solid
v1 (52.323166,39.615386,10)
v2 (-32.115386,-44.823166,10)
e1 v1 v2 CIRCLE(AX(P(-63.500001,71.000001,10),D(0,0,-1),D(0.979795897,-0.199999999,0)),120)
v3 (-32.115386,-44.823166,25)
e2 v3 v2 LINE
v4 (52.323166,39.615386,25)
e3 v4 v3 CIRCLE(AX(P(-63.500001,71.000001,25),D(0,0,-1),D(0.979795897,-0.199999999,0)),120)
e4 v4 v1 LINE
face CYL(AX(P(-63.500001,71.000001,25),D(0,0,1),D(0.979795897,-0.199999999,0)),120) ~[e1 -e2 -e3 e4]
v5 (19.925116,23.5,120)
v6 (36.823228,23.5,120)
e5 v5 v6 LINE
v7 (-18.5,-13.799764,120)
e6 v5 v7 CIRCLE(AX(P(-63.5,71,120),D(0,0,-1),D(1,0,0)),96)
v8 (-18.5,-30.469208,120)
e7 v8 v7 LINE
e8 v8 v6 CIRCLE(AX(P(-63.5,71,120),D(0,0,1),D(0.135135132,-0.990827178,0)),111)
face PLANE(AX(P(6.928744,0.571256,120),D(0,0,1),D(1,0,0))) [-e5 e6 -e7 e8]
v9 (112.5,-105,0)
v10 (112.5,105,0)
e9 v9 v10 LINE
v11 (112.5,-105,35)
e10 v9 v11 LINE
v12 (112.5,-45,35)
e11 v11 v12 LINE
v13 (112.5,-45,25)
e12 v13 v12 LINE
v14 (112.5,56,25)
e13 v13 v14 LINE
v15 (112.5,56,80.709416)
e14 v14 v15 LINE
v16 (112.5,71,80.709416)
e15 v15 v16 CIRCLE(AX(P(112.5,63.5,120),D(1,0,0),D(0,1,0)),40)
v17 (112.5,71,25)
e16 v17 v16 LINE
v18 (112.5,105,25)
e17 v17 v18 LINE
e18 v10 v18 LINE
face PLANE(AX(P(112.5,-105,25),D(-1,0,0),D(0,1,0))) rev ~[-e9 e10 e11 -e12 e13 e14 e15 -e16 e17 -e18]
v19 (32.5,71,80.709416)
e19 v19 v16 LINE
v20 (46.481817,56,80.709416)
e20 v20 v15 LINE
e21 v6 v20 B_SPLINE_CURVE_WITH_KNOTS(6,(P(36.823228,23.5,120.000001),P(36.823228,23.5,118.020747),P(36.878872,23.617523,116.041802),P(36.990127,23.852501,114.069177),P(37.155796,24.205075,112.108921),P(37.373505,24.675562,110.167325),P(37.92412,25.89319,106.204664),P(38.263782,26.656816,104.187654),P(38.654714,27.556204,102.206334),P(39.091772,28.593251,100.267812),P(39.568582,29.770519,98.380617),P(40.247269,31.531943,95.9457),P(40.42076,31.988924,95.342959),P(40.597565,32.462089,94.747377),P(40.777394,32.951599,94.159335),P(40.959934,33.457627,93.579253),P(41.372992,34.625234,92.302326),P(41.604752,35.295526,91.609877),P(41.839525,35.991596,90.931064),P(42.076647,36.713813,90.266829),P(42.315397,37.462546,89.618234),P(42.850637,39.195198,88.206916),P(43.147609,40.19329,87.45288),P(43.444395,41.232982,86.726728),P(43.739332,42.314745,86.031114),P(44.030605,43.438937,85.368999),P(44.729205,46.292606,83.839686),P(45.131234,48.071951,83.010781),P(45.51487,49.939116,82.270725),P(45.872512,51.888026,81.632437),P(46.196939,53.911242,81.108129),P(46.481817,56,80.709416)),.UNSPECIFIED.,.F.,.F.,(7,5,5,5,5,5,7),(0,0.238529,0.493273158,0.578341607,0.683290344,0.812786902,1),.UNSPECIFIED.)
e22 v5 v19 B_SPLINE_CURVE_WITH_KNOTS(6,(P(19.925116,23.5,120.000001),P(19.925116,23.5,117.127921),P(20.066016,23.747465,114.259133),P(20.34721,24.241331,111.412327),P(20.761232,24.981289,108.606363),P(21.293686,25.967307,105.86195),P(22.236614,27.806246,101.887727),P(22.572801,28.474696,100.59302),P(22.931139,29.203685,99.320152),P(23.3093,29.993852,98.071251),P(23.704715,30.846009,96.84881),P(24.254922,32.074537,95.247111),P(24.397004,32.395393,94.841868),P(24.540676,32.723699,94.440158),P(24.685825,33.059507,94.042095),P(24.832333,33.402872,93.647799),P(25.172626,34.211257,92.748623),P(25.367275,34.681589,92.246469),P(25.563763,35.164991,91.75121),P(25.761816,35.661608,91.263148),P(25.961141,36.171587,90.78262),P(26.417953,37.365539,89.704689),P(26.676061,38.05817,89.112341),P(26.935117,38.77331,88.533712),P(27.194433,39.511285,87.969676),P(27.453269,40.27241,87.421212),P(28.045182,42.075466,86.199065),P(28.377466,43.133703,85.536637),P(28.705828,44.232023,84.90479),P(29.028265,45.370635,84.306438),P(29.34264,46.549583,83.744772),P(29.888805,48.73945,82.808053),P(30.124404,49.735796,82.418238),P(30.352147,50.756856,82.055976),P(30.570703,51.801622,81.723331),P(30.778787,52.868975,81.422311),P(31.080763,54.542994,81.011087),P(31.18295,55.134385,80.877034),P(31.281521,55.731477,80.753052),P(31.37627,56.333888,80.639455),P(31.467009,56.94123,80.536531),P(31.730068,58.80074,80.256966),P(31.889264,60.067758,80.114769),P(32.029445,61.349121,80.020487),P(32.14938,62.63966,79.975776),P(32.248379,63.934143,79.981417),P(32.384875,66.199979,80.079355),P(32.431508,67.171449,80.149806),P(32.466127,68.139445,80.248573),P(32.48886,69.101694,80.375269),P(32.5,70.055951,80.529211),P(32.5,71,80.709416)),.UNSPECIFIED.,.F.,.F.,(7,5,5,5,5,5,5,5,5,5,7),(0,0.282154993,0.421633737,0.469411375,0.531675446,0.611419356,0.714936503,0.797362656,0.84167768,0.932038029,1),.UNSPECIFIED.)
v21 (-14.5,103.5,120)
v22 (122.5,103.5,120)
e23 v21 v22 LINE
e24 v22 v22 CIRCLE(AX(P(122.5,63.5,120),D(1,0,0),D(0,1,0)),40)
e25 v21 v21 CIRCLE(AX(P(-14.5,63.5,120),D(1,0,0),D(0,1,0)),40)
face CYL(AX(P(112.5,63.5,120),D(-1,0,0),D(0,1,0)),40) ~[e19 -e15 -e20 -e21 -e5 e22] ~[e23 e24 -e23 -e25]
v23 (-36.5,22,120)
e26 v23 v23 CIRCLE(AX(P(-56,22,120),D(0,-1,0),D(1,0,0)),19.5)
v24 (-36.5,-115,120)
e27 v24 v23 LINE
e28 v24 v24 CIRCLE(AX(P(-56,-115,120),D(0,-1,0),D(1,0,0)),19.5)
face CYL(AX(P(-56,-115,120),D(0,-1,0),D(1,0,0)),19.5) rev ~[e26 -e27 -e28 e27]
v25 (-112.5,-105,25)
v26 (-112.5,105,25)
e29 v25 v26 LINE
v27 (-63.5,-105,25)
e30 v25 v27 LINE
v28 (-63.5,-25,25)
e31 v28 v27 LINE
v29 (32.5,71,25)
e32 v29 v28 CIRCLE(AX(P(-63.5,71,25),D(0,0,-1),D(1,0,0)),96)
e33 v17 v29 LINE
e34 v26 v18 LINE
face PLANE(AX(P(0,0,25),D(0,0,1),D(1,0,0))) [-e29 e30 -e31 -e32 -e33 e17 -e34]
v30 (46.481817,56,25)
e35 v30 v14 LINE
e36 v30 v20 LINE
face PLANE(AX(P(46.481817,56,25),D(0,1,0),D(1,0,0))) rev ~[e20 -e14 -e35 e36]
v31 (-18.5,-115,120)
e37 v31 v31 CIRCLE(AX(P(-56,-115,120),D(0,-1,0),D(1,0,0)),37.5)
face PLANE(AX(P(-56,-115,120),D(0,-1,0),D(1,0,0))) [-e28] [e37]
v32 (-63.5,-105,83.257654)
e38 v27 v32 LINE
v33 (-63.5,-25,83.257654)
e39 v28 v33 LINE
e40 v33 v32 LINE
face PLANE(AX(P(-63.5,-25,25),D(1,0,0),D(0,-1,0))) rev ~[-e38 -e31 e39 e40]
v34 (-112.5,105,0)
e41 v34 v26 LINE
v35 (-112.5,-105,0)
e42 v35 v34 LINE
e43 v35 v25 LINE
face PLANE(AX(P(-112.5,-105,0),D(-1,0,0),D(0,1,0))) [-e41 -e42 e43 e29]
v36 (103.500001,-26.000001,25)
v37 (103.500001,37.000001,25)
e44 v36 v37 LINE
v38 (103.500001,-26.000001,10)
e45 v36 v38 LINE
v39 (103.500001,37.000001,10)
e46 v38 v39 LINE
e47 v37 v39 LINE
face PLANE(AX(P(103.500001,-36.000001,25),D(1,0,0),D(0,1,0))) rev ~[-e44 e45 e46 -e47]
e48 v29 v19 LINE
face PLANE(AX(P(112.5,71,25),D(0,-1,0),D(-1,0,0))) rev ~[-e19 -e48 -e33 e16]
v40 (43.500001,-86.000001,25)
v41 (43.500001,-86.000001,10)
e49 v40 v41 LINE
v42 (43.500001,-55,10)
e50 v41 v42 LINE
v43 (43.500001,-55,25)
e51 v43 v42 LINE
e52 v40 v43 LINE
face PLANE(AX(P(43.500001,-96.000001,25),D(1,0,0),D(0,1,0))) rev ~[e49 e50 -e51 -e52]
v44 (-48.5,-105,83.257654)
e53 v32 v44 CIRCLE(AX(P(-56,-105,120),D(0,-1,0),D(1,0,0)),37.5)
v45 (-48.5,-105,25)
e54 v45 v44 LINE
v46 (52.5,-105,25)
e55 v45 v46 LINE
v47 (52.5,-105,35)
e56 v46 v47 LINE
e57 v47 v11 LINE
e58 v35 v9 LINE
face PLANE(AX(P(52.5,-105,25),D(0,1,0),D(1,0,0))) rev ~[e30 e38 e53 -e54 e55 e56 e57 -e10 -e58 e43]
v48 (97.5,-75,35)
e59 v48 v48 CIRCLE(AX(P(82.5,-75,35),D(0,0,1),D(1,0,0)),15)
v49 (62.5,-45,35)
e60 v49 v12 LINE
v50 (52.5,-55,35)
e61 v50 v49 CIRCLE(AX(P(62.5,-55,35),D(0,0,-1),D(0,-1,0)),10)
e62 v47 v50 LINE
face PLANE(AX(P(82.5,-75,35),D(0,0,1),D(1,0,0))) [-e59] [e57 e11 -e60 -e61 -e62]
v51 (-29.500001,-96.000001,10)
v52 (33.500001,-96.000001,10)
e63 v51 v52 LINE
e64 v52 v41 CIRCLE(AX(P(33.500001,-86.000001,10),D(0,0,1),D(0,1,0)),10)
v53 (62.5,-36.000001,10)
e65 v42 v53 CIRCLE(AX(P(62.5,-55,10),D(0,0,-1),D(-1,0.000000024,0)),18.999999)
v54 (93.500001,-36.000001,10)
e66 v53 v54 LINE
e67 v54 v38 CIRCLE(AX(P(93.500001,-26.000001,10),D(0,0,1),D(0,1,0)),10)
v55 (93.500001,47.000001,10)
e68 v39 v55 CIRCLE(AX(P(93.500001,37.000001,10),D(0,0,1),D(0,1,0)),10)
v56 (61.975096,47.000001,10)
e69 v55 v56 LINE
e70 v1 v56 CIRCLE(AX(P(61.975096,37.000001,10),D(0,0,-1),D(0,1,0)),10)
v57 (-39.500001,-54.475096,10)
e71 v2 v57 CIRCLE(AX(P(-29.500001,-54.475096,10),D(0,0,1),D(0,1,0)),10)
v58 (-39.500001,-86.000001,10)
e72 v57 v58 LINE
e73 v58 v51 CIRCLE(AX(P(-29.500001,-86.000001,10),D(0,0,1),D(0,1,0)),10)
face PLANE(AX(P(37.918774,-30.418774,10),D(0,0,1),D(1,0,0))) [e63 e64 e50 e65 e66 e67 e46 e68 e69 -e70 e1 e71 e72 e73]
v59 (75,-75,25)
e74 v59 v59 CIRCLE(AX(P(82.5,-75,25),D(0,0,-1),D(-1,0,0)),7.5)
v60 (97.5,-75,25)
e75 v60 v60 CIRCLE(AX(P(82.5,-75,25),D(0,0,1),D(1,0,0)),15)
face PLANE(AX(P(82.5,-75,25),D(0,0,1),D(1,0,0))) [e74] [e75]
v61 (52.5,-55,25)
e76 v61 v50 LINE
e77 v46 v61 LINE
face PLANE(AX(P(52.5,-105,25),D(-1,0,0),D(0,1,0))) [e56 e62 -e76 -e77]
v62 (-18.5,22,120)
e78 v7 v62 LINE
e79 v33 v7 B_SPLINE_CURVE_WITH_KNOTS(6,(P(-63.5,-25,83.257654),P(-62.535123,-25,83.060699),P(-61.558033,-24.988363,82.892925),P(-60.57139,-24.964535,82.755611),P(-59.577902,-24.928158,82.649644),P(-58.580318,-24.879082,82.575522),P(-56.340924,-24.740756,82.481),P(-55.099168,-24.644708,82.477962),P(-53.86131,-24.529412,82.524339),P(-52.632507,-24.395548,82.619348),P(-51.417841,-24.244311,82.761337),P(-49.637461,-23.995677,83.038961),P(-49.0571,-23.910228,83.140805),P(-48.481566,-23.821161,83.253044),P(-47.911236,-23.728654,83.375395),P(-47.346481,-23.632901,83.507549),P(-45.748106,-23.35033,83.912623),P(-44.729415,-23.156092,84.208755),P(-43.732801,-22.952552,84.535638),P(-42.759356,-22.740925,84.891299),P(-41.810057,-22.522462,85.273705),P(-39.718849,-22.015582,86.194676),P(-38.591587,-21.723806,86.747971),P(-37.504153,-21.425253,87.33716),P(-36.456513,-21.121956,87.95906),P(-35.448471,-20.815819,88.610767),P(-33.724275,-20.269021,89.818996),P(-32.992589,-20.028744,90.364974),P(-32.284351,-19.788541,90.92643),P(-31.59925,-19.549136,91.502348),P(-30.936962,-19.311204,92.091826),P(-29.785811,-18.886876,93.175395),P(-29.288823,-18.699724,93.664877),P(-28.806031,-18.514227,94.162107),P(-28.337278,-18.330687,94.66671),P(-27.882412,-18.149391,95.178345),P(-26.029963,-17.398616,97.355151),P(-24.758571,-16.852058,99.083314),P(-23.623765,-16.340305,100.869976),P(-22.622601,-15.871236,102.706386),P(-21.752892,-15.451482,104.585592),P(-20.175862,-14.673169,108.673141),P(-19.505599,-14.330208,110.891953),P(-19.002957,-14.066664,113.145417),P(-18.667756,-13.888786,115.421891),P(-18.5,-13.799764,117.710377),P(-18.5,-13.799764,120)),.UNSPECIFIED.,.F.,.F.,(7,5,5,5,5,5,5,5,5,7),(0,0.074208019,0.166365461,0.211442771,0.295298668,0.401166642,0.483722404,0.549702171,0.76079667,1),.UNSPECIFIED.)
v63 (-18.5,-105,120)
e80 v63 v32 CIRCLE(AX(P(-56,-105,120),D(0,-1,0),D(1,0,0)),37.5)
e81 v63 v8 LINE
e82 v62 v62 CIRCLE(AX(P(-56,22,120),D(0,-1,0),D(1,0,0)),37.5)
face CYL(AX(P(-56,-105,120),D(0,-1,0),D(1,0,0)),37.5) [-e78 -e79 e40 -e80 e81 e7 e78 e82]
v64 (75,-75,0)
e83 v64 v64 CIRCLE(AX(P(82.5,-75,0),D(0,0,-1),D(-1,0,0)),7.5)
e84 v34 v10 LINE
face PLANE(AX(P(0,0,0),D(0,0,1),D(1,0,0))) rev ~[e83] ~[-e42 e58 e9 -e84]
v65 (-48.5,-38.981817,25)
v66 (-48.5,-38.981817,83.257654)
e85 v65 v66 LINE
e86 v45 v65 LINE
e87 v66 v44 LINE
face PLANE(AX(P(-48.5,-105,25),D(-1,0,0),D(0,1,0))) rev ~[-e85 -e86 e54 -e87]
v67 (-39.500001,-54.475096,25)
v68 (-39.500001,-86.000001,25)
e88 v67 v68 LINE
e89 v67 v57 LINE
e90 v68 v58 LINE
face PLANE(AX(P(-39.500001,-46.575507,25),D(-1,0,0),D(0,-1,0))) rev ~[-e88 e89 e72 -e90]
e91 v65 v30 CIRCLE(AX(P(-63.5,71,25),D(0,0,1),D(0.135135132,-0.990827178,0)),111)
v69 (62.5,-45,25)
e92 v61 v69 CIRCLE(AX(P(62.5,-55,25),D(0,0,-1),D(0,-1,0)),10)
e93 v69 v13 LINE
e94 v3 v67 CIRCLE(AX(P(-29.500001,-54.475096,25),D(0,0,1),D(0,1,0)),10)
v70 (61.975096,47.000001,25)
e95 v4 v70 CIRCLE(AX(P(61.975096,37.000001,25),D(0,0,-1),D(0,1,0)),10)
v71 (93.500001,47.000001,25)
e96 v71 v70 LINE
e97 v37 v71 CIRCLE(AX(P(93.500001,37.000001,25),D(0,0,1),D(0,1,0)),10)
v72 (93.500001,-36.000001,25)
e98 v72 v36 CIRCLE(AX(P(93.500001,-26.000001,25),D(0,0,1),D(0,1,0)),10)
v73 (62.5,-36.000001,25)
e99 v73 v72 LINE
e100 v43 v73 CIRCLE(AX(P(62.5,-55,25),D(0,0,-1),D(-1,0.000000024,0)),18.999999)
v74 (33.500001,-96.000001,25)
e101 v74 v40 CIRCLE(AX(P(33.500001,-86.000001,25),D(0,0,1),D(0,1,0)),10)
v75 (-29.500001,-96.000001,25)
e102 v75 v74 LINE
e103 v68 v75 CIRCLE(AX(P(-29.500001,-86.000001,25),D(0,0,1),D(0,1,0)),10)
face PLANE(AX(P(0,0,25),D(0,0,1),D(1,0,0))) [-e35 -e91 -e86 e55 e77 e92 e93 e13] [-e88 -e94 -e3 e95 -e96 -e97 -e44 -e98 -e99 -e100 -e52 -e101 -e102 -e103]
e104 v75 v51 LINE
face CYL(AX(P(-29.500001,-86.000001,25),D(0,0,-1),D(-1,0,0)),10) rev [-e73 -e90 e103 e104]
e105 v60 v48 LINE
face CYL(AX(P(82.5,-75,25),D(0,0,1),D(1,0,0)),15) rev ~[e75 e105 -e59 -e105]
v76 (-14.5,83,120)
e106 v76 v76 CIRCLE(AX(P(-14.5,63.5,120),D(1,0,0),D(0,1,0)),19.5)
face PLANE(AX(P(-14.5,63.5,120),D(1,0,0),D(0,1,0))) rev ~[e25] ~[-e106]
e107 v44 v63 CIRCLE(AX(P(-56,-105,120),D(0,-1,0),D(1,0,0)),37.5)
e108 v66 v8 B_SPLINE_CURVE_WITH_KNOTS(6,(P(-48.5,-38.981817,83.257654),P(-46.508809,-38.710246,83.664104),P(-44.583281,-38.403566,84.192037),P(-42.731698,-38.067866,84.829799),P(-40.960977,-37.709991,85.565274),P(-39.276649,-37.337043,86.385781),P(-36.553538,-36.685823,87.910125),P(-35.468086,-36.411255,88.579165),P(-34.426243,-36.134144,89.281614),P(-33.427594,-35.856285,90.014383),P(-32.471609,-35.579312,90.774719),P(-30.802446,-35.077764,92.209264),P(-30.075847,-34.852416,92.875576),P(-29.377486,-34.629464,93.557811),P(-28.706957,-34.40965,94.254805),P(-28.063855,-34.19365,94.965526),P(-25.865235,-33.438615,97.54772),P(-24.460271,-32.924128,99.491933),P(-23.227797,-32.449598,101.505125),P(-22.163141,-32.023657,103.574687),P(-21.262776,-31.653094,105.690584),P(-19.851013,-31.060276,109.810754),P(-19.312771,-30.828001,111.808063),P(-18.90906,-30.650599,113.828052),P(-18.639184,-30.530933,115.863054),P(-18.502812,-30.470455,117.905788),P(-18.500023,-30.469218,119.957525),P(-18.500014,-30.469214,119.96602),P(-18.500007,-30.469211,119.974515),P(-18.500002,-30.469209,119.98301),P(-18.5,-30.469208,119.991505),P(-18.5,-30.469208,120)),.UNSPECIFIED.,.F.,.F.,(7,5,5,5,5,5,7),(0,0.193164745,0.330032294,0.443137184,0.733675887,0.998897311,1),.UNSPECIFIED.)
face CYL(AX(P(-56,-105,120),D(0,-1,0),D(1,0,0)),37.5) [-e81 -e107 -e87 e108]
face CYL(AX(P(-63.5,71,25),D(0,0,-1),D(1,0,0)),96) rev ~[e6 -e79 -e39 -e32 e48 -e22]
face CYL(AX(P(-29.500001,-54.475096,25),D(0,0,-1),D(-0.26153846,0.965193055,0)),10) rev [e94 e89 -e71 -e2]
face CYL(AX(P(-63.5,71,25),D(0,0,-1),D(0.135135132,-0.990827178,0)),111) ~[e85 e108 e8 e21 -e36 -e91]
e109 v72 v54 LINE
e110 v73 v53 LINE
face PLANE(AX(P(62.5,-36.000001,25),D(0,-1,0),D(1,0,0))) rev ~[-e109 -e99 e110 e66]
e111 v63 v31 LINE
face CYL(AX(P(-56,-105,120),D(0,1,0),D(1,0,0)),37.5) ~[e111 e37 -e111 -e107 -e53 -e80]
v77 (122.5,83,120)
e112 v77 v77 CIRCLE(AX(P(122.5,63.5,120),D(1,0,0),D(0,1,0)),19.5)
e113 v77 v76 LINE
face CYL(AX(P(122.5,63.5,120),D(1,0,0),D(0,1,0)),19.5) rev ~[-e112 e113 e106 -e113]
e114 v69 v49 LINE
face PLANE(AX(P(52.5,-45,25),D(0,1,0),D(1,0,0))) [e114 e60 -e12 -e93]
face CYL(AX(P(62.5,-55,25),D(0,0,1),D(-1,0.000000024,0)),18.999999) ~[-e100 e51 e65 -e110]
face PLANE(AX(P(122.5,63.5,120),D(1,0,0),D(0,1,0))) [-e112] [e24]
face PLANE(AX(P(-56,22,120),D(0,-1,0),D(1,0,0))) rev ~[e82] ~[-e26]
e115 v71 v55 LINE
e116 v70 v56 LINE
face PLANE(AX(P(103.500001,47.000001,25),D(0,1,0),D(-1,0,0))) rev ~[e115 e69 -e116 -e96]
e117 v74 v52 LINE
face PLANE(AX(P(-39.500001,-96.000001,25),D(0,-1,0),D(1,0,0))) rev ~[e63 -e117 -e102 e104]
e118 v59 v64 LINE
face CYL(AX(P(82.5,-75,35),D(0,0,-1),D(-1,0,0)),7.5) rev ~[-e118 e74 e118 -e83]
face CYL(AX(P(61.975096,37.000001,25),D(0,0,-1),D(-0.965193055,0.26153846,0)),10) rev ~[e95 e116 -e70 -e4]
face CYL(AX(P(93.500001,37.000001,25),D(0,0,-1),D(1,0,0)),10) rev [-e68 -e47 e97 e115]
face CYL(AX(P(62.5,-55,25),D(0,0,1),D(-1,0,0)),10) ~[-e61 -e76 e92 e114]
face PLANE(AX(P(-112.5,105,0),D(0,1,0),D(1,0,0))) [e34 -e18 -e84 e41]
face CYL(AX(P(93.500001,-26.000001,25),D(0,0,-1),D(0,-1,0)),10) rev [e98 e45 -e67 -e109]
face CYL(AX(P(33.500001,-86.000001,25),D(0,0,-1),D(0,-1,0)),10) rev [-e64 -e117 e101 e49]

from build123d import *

# Parameters (mm, degrees)
F0_W            = 225
F0_H            = 210
F1_DEPTH        = 25
F3_DEPTH        = 95
F4_R            = 37.5
F5_DEPTH        = 10
F5_DEPTH_BACK   = 127
F6_R            = 40
F7_DEPTH        = 10
F7_DEPTH_BACK   = 127
F8_W            = 60
F8_H            = 60
F9_DEPTH        = 10
F10_R           = 10
F12_DEPTH       = 15
F14_D           = 15
F14_CBORE_D     = 30
F14_CBORE_DEPTH = 10
F15_R           = 10
F16_R           = 19.5
F17_DEPTH       = 220.001
F18_R           = 19.5
F19_DEPTH       = 235.001


with BuildPart() as f1:
    # F0 (on Top) → F1 (new body)
    with BuildSketch(Plane.XY):
        Rectangle(F0_W, F0_H)
    extrude(amount=F1_DEPTH)

    # F2 (on face) → F3 (join)
    with BuildSketch(Plane.XY.offset(25)):
        with BuildLine():
            Line((-63.5, -25), (-63.5, -105))
            Line((-63.5, -105), (-48.5, -105))
            Line((-48.5, -105), (-48.5, -38.981817))
            ThreePointArc((-48.5, -38.981817), (14.988853, -7.488853), (46.481817, 56))
            Line((46.481817, 56), (112.5, 56))
            Line((112.5, 56), (112.5, 71))
            Line((112.5, 71), (32.5, 71))
            ThreePointArc((32.5, 71), (4.382251, 3.117749), (-63.5, -25))
        make_face()
    extrude(amount=F3_DEPTH)

    # F4 (on face) → F5 (join, two sides)
    with BuildSketch(Plane.XZ.offset(105)) as f5_sk:
        with Locations((-56, 120)):
            Circle(F4_R)
    extrude(amount=F5_DEPTH)
    extrude(f5_sk.sketch, amount=-F5_DEPTH_BACK)

    # F6 (on face) → F7 (join, two sides)
    with BuildSketch(Plane.YZ.offset(112.5)) as f7_sk:
        with Locations((63.5, 120)):
            Circle(F6_R)
    extrude(amount=F7_DEPTH)
    extrude(f7_sk.sketch, amount=-F7_DEPTH_BACK)

    # F8 (on face) → F9 (join)
    with BuildSketch(Plane.XY.offset(25)):
        with Locations((82.5, -75)):
            Rectangle(F8_W, F8_H)
    extrude(amount=F9_DEPTH)

    # F10
    f10_edges = [f1.edges().sort_by_distance(p)[0] for p in [
        (52.5, -45, 30),
    ]]
    fillet(f10_edges, radius=F10_R)

    # F11 (on face) → F12 (cut)
    with BuildSketch(Plane.XY.offset(25)):
        with BuildLine():
            ThreePointArc((54.075507, 47.000001), (21.352813, -13.852813), (-39.500001, -46.575507))
            Line((-39.500001, -46.575507), (-39.500001, -96.000001))
            Line((-39.500001, -96.000001), (43.500001, -96.000001))
            Line((43.500001, -96.000001), (43.500001, -55))
            ThreePointArc((43.500001, -55), (49.064972, -41.564972), (62.5, -36.000001))
            Line((62.5, -36.000001), (103.500001, -36.000001))
            Line((103.500001, -36.000001), (103.500001, 47.000001))
            Line((103.500001, 47.000001), (54.075507, 47.000001))
        make_face()
    extrude(amount=-F12_DEPTH, mode=Mode.SUBTRACT)

    # F14 (through all)
    with Locations(Plane.XY.offset(35)):
        with Locations((82.5, -75)):
            CounterBoreHole(F14_D / 2, F14_CBORE_D / 2, F14_CBORE_DEPTH)

    # F15
    f15_edges = [f1.edges().sort_by_distance(p)[0] for p in [
        (103.500001, -36.000001, 17.5),
        (43.500001, -96.000001, 17.5),
        (-39.500001, -46.575507, 17.5),
        (54.075507, 47.000001, 17.5),
        (-39.500001, -96.000001, 17.5),
        (103.500001, 47.000001, 17.5),
    ]]
    fillet(f15_edges, radius=F15_R)

    # F16 (on face) → F17 (cut, through all)
    with BuildSketch(Plane.XZ.offset(115)):
        with Locations((-56, 120)):
            Circle(F16_R)
    extrude(amount=-F17_DEPTH, mode=Mode.SUBTRACT)

    # F18 (on face) → F19 (cut, through all)
    with BuildSketch(Plane.YZ.offset(122.5)):
        with Locations((63.5, 120)):
            Circle(F18_R)
    extrude(amount=-F19_DEPTH, mode=Mode.SUBTRACT)


solid = f1.part
